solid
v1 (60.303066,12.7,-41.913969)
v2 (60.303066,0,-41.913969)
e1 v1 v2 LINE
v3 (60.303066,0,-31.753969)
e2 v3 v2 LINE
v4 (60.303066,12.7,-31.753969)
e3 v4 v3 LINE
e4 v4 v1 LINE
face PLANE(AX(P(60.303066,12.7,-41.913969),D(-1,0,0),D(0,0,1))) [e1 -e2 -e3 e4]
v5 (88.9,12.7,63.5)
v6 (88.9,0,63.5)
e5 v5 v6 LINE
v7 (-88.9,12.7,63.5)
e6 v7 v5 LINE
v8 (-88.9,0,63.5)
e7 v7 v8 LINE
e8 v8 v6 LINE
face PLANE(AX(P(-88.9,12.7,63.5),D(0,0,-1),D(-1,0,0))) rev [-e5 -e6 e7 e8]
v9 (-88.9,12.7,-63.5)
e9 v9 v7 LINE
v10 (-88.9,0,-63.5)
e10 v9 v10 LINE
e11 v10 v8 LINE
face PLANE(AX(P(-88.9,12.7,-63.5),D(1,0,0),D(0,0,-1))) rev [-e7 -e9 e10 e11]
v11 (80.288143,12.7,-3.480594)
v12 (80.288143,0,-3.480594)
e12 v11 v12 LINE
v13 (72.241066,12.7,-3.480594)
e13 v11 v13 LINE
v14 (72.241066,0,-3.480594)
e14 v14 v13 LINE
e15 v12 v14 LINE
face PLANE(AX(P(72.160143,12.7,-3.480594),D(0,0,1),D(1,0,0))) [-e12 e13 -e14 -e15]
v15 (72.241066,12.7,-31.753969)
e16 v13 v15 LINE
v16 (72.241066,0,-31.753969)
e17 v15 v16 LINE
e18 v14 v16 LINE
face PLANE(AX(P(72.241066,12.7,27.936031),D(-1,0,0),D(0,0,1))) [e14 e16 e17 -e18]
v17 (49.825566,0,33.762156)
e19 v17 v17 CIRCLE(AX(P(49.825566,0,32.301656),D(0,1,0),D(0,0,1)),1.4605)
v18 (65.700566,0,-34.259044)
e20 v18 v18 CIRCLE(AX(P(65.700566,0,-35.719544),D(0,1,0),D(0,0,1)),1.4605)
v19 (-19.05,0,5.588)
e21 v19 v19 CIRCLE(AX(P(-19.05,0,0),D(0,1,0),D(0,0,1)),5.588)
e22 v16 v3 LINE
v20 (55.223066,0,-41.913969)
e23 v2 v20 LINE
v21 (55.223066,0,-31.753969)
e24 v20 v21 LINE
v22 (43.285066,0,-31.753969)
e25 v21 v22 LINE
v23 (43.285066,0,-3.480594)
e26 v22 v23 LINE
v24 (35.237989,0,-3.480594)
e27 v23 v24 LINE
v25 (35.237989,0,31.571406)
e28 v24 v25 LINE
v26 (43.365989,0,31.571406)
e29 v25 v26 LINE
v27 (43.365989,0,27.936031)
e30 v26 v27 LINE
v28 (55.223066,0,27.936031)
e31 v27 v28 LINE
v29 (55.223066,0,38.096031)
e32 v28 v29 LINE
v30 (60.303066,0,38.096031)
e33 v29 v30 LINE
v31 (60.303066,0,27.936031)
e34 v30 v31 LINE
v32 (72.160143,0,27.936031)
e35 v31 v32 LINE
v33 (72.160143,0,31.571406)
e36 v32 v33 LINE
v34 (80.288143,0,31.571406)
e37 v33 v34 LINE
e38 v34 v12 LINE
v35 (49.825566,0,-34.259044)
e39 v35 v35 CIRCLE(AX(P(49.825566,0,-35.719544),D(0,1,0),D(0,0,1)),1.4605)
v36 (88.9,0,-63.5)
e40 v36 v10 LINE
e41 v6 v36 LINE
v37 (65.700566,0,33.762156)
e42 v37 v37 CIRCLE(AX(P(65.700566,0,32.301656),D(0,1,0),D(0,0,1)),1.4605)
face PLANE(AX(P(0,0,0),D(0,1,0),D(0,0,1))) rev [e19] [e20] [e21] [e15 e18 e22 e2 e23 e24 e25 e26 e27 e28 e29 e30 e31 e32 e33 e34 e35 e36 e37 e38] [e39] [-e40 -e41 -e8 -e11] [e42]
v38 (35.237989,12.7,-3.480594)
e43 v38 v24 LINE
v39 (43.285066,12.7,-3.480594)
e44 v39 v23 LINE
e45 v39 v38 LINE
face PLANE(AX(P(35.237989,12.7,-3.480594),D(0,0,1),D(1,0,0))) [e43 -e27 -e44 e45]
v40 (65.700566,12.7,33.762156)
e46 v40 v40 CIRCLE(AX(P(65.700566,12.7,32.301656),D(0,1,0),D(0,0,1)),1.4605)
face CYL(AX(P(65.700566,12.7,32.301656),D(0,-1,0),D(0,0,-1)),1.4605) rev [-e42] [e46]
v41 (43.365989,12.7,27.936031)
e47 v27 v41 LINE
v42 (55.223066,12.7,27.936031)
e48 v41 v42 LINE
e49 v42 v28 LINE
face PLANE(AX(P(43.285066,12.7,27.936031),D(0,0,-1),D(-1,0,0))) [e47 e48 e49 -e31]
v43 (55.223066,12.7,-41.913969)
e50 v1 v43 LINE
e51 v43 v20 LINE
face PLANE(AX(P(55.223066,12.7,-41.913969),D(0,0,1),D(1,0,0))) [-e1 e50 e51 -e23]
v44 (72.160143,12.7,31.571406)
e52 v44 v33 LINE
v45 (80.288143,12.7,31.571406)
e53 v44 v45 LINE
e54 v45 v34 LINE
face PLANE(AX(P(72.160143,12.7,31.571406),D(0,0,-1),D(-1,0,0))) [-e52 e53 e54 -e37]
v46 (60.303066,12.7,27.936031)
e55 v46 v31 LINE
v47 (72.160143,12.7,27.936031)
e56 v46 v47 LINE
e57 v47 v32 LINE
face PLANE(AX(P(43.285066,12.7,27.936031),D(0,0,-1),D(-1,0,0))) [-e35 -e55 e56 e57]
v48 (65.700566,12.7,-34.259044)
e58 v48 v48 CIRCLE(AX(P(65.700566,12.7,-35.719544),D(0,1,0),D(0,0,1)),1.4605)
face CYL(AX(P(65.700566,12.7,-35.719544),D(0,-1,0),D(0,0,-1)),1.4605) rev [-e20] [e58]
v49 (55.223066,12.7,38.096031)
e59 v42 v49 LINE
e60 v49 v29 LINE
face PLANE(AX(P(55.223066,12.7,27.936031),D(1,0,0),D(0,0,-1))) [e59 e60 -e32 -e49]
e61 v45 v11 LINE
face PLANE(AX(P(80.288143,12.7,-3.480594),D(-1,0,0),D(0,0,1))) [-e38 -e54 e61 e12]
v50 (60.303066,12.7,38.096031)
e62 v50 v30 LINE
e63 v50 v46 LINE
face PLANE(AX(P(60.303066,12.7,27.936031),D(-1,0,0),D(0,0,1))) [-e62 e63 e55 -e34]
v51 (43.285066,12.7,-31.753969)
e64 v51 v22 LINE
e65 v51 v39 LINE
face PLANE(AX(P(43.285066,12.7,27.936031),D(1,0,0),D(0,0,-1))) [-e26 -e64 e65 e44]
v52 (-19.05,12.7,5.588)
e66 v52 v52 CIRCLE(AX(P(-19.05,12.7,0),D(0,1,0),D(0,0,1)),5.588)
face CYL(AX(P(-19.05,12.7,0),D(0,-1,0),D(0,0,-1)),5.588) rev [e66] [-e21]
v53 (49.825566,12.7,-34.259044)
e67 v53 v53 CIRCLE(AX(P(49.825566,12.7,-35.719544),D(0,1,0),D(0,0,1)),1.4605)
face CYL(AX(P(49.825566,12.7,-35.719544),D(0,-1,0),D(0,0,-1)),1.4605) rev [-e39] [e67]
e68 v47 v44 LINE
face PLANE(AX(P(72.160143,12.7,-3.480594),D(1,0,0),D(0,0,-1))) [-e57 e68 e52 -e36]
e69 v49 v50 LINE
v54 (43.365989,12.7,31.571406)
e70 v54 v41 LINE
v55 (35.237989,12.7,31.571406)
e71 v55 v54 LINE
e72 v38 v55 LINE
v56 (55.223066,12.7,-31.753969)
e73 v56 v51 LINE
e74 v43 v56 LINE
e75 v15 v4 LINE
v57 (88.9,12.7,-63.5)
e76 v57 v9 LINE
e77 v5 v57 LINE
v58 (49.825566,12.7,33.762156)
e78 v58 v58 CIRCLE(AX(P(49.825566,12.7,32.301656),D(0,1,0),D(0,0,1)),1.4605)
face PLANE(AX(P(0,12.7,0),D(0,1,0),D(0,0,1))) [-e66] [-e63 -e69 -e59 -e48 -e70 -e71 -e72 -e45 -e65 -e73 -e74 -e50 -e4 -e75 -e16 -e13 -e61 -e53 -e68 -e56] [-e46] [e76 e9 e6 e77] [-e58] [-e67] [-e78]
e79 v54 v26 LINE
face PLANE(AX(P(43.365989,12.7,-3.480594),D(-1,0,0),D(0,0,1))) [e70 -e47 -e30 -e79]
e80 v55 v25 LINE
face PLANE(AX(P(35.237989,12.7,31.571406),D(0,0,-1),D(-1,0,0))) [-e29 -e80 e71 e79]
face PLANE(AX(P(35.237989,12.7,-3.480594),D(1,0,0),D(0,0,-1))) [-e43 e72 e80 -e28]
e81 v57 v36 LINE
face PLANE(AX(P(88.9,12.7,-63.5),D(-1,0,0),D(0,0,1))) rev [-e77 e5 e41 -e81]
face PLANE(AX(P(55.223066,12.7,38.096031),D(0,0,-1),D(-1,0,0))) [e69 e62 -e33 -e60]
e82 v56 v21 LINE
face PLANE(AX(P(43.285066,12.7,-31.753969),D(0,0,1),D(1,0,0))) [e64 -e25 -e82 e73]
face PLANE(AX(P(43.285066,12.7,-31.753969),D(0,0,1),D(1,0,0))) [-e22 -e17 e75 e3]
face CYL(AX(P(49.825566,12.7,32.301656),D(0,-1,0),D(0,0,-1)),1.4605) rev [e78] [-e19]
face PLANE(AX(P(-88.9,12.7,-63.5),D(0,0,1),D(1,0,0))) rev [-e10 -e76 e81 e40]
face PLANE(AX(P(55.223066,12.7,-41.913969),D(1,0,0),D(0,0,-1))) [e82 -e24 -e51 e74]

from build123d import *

# Parameters (mm, degrees)
SKETCH1_W           = 177.8
SKETCH1_H           = 127
SKETCH1_R           = 5.588
SKETCH1_R_2         = 1.4605
SKETCH1_W_2         = 28.956
SKETCH1_H_2         = 59.69
BOSS_EXTRUDE1_DEPTH = 12.7
SKETCH3_W           = 8.128
SKETCH3_H           = 35.052
SKETCH3_W_2         = 5.08
SKETCH3_H_2         = 10.16
CUT_EXTRUDE3_DEPTH  = 13.7


with BuildPart() as part:
    # Sketch1 → Boss-Extrude1 (new body)
    with BuildSketch(Plane(origin=(0, 0, 0), x_dir=(1, 0, 0), z_dir=(0, 1, 0))):
        Rectangle(SKETCH1_W, SKETCH1_H)
        with Locations((-19.05, 0)):
            Circle(SKETCH1_R, mode=Mode.SUBTRACT)
        with Locations((49.825565695, -32.301655548)):
            Circle(SKETCH1_R_2, mode=Mode.SUBTRACT)
        with Locations((65.700565695, -32.301655548)):
            Circle(SKETCH1_R_2, mode=Mode.SUBTRACT)
        with Locations((49.825565695, 35.719544452)):
            Circle(SKETCH1_R_2, mode=Mode.SUBTRACT)
        with Locations((65.700565695, 35.719544452)):
            Circle(SKETCH1_R_2, mode=Mode.SUBTRACT)
        with Locations((57.763065695, 1.908969452)):
            Rectangle(SKETCH1_W_2, SKETCH1_H_2, mode=Mode.SUBTRACT)
    extrude(amount=BOSS_EXTRUDE1_DEPTH)

    # Sketch3 → Cut-Extrude3 (cut, through all)
    with BuildSketch(Plane(origin=(0, 0, 0), x_dir=(1, 0, 0), z_dir=(0, 1, 0))):
        with Locations((39.301988782, -14.045405548)):
            Rectangle(SKETCH3_W, SKETCH3_H)
        with Locations((76.224142608, -14.045405548)):
            Rectangle(SKETCH3_W, SKETCH3_H)
        with Locations((57.763065695, -33.016030548)):
            Rectangle(SKETCH3_W_2, SKETCH3_H_2)
        with Locations((57.763065695, 36.833969452)):
            Rectangle(SKETCH3_W_2, SKETCH3_H_2)
    extrude(amount=CUT_EXTRUDE3_DEPTH, mode=Mode.SUBTRACT)


solid = part.part
